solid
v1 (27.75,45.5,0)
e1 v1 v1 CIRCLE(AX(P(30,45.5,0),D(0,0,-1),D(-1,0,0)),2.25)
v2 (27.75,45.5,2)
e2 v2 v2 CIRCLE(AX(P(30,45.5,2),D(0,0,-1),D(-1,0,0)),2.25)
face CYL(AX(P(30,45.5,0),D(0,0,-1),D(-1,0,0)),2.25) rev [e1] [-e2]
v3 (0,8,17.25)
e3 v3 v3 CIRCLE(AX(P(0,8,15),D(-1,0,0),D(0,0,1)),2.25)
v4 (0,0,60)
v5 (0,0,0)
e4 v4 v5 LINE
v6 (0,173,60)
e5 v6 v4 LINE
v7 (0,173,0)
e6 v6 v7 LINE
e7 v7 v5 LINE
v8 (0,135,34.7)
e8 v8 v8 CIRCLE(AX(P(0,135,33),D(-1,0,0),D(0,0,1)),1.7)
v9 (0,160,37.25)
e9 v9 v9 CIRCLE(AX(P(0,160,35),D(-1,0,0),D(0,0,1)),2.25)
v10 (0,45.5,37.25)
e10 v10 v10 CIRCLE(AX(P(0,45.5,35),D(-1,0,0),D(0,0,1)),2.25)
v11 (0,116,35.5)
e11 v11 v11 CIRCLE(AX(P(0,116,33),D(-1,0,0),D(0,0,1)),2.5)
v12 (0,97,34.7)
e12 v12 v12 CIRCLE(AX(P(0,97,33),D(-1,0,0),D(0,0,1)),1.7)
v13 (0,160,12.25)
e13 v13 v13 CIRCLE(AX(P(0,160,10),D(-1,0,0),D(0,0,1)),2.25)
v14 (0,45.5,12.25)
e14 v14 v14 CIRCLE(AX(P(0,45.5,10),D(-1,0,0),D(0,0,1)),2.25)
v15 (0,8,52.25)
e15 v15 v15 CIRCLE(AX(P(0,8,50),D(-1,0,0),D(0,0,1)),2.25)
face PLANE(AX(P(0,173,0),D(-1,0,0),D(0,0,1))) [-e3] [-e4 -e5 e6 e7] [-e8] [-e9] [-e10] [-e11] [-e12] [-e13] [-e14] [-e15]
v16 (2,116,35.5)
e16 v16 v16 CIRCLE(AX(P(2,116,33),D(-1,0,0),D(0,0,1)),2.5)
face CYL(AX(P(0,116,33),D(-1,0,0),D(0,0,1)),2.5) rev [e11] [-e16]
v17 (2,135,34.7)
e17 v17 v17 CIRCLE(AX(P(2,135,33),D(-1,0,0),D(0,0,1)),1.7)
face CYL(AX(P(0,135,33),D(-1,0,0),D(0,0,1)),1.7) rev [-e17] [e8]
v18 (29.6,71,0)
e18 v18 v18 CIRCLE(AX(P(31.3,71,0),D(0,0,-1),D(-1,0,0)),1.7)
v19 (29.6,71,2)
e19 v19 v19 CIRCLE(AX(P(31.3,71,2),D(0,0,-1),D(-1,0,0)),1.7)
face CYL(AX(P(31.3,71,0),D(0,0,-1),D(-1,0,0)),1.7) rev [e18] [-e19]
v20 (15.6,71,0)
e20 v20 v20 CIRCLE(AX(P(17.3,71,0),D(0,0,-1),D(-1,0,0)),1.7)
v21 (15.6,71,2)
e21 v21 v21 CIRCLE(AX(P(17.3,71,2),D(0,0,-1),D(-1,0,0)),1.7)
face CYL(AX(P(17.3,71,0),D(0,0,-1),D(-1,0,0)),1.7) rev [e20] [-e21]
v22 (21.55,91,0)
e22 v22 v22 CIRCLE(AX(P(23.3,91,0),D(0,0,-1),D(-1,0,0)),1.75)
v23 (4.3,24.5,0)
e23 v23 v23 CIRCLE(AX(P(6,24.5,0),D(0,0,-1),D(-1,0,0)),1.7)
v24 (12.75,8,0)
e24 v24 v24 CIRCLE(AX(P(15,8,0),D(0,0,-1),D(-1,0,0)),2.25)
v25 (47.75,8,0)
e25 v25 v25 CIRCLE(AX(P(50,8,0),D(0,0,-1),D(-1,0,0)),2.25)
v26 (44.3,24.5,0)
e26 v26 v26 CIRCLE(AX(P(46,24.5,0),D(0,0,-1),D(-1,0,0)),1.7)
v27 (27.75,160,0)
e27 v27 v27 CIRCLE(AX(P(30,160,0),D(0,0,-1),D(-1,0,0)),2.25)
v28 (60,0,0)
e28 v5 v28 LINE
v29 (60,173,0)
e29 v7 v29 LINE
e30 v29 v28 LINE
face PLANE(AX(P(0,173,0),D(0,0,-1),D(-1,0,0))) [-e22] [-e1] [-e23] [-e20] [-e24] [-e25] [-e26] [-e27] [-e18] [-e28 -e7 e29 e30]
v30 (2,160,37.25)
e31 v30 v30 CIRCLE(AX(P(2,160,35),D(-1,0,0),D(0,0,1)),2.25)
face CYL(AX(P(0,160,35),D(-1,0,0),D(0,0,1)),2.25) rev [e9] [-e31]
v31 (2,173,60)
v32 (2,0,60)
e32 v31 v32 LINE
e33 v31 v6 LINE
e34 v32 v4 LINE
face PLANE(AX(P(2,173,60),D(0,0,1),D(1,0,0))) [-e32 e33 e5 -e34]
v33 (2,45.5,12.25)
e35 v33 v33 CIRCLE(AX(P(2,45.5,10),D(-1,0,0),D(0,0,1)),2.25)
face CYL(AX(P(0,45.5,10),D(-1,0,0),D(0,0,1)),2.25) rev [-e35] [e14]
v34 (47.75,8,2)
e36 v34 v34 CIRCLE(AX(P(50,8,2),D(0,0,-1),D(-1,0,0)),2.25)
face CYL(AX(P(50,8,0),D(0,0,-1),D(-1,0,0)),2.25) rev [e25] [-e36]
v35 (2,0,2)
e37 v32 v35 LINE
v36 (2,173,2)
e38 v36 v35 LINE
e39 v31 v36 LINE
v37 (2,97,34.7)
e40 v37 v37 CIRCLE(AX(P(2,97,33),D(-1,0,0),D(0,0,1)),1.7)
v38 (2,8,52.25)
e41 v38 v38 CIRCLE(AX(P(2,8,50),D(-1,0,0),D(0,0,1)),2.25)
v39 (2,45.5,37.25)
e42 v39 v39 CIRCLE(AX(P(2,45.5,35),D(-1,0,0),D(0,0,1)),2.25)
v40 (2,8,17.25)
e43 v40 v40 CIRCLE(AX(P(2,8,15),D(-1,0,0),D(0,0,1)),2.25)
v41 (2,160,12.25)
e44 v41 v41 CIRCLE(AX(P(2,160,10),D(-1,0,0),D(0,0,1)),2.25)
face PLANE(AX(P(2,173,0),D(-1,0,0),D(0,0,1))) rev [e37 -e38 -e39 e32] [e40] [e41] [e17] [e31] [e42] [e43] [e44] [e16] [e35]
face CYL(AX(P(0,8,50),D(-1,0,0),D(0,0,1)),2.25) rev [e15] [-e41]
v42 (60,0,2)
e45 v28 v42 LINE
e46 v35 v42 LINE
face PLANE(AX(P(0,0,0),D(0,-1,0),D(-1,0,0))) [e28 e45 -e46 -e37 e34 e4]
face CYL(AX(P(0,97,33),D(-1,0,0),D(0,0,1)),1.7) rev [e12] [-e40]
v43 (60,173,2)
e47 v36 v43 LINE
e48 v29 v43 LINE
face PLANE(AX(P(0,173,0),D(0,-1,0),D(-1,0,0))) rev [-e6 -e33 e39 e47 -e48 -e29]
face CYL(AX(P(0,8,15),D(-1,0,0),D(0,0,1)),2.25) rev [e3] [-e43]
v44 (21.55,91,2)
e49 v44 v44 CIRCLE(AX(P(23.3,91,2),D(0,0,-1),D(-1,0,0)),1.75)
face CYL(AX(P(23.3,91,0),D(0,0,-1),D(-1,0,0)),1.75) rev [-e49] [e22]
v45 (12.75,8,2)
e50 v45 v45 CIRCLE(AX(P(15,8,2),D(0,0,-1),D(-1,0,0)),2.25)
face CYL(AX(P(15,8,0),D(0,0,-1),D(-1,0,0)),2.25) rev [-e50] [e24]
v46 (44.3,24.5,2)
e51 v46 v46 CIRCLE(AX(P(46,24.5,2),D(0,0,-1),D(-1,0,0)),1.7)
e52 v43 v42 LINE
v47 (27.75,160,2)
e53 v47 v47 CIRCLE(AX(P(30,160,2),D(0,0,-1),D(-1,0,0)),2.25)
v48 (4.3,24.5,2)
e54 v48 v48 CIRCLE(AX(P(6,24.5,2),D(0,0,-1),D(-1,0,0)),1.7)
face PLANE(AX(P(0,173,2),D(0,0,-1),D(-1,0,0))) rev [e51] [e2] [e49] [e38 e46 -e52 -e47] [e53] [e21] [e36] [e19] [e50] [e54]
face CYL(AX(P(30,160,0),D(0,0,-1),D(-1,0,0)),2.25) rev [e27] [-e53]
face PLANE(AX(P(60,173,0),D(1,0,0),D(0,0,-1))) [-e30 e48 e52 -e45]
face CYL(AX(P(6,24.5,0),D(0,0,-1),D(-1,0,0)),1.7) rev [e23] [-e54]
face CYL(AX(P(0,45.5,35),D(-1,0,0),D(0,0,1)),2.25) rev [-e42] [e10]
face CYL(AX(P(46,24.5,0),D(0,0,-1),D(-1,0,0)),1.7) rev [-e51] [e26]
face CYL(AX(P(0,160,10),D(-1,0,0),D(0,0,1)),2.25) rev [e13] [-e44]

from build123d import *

# Parameters (mm, degrees)
LINEAR_AUSTRAGEN_D_NN1_DEPTH     = 173
DURCHGANGSLOCH_F_R_M41_D         = 4.5
DURCHGANGSLOCH_F_R_M42_D         = 4.5
DURCHGANGSLOCH_F_R_M43_D         = 4.5
DURCHGANGSLOCH_F_R_M31_D         = 3.4
F_5_0_5_DURCHMESSER_BOHRUNG1_D   = 5
DURCHGANGSLOCH_F_R_M32_D         = 3.4
DURCHGANGSLOCH_F_R_M33_D         = 3.4
F_3_5_3_5_DURCHMESSER_BOHRUNG1_D = 3.5


with BuildPart() as part:
    # Skizze1 → Linear-Austragen-Dünn1 (new body)
    with BuildSketch(Plane(origin=(0, 0, 0), x_dir=(1, 0, 0), z_dir=(0, 1, 0))):
        Polygon((60, 0), (0, 0), (0, -60), (2, -60), (2, -2), (60, -2), align=None)
    extrude(amount=LINEAR_AUSTRAGEN_D_NN1_DEPTH)

    # Durchgangsloch für M41 (through all)
    with Locations(Plane.ZY):
        with Locations((35, 160), (10, 160)):
            Hole(DURCHGANGSLOCH_F_R_M41_D / 2)

    # Durchgangsloch für M42 (through all)
    with Locations(Plane.ZY):
        with Locations((35, 45.5), (10, 45.5), (50, 8), (15, 8)):
            Hole(DURCHGANGSLOCH_F_R_M42_D / 2)

    # Durchgangsloch für M43 (through all)
    with Locations(Plane(origin=(0, 0, 0), x_dir=(-1, 0, 0), z_dir=(0, 0, -1))):
        with Locations((-30, 45.5), (-50, 8), (-15, 8), (-30, 160)):
            Hole(DURCHGANGSLOCH_F_R_M43_D / 2)

    # Durchgangsloch für M31 (through all)
    with Locations(Plane.ZY):
        with Locations((33, 97), (33, 135)):
            Hole(DURCHGANGSLOCH_F_R_M31_D / 2)

    # Ø5.0 (5) Durchmesser Bohrung1 (through all)
    with Locations(Plane.ZY):
        with Locations((33, 116)):
            Hole(F_5_0_5_DURCHMESSER_BOHRUNG1_D / 2)

    # Durchgangsloch für M32 (through all)
    with Locations(Plane(origin=(0, 0, 0), x_dir=(-1, 0, 0), z_dir=(0, 0, -1))):
        with Locations((-31.299999687, 71), (-17.299999687, 71)):
            Hole(DURCHGANGSLOCH_F_R_M32_D / 2)

    # Durchgangsloch für M33 (through all)
    with Locations(Plane(origin=(0, 0, 0), x_dir=(-1, 0, 0), z_dir=(0, 0, -1))):
        with Locations((-46, 24.5), (-6, 24.5)):
            Hole(DURCHGANGSLOCH_F_R_M33_D / 2)

    # Ø3.5 (3.5) Durchmesser Bohrung1 (through all)
    with Locations(Plane(origin=(0, 0, 0), x_dir=(-1, 0, 0), z_dir=(0, 0, -1))):
        with Locations((-23.299999687, 91)):
            Hole(F_3_5_3_5_DURCHMESSER_BOHRUNG1_D / 2)


solid = part.part
